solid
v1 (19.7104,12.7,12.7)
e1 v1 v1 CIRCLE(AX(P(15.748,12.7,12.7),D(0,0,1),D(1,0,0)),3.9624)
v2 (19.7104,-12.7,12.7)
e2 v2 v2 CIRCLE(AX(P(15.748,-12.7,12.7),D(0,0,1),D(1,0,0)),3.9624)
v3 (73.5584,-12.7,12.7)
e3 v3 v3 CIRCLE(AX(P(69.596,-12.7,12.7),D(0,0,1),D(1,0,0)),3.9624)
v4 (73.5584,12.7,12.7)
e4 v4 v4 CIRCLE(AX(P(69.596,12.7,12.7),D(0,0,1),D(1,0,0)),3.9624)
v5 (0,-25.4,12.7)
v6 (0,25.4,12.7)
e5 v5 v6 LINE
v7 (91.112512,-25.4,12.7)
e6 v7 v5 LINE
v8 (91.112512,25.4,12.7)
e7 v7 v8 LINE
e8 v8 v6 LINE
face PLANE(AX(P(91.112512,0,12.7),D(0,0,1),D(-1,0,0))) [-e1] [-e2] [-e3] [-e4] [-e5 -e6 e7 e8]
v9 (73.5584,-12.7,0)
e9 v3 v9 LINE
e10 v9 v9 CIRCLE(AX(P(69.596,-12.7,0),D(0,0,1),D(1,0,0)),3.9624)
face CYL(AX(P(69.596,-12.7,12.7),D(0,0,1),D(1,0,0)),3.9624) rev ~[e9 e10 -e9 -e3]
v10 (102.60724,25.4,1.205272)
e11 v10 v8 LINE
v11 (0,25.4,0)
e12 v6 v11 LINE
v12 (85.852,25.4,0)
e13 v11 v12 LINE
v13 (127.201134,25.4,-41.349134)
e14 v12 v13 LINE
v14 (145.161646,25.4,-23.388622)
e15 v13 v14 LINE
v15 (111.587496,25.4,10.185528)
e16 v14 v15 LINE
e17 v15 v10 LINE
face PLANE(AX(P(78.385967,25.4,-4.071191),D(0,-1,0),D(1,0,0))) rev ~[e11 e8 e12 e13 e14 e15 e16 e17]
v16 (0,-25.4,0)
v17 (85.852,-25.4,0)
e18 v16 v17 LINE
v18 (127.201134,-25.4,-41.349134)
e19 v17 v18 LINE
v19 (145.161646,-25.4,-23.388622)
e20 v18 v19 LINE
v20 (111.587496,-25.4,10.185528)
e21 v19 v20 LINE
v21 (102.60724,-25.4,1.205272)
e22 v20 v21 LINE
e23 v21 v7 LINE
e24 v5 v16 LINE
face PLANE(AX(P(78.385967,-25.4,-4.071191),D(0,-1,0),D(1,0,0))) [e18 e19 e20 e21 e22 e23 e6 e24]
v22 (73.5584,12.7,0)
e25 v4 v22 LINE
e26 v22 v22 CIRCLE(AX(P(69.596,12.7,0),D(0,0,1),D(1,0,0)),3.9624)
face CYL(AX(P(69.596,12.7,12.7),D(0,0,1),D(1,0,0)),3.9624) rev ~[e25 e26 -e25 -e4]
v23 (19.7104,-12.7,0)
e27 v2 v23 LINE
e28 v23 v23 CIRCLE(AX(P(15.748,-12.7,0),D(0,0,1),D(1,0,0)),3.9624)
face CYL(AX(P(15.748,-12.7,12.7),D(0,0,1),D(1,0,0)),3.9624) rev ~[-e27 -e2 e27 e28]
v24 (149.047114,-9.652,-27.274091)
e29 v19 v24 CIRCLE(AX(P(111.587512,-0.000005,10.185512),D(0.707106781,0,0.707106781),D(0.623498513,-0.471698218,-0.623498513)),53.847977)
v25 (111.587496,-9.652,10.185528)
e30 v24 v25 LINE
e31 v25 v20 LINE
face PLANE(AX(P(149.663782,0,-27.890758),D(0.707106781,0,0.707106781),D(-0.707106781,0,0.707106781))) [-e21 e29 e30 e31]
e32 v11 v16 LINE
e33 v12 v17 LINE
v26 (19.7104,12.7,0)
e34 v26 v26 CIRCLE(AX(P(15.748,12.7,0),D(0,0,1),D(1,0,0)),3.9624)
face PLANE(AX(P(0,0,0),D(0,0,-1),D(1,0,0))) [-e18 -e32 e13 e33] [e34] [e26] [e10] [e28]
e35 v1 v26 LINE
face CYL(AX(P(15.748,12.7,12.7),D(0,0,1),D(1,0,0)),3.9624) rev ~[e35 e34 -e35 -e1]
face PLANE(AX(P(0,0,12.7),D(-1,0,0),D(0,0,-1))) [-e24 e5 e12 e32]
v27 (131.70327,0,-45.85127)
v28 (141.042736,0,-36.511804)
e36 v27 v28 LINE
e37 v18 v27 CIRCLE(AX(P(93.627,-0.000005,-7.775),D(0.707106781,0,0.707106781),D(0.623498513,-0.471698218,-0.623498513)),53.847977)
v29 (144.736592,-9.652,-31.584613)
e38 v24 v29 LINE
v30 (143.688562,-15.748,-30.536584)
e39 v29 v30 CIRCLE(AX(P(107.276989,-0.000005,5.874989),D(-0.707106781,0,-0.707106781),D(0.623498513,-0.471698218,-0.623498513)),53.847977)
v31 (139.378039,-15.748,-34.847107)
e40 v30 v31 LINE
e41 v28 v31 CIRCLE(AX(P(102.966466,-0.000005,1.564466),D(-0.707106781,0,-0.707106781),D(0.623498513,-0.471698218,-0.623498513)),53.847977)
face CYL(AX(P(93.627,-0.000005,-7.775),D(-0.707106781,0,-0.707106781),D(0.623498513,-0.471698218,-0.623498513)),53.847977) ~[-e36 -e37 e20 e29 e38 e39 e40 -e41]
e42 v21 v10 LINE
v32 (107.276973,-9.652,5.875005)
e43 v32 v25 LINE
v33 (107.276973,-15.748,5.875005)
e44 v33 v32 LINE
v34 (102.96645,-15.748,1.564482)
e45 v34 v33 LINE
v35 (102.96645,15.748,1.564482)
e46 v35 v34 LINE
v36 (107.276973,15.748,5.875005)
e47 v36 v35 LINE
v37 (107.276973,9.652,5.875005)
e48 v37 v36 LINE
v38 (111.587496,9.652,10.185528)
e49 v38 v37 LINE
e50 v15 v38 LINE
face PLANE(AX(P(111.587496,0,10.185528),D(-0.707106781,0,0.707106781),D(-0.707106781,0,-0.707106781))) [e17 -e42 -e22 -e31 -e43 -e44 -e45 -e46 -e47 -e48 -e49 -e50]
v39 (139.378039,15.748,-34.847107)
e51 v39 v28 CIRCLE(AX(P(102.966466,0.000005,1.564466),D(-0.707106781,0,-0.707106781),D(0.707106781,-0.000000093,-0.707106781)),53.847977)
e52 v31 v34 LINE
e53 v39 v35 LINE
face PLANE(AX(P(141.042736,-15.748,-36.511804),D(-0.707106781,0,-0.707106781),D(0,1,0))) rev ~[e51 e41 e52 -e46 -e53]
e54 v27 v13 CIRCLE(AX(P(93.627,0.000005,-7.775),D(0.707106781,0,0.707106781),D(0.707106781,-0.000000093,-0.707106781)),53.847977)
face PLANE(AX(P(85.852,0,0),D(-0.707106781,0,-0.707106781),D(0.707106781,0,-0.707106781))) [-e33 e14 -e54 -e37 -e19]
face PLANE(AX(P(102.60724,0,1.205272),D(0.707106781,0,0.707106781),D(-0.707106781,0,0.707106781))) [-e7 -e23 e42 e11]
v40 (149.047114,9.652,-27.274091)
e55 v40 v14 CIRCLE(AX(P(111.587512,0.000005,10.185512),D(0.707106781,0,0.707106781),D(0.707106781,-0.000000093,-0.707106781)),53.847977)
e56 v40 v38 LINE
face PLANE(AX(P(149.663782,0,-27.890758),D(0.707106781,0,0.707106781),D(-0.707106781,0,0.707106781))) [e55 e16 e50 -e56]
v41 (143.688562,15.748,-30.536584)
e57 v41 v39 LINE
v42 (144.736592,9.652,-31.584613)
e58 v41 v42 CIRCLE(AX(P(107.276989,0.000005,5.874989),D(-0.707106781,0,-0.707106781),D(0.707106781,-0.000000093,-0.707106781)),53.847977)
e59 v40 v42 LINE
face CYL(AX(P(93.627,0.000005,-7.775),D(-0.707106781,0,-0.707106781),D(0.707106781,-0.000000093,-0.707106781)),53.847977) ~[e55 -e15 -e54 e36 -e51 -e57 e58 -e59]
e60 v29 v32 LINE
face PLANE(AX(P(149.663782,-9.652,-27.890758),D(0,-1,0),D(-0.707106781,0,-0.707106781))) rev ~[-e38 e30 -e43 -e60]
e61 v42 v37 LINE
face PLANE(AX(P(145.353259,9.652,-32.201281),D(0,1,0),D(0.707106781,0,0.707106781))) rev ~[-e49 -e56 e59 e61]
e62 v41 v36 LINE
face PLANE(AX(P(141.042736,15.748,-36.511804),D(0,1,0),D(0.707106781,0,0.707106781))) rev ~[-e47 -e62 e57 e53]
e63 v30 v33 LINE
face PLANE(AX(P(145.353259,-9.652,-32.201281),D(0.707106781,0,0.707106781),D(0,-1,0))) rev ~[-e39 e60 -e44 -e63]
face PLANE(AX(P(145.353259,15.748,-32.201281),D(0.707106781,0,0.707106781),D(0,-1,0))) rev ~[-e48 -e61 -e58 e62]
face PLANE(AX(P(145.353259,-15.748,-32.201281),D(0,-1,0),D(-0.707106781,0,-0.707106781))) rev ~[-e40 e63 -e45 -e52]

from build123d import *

# Parameters (mm, degrees)
F1_DEPTH = 25.4
F3_DEPTH = 134.531275
F5_DEPTH = 25.4
F6_R     = 3.9624
F7_DEPTH = 25.4


with BuildPart() as f1:
    # F0 (on Front) → F1 (new body, symmetric)
    with BuildSketch(Plane.XZ):
        Polygon((0, 12.7), (0, 0), (85.852, 0), (131.70327, -45.85127), (149.663782, -27.890758), (111.587496, 10.185528), (102.60724, 1.205272), (91.112512, 12.7), align=None)
    extrude(amount=F1_DEPTH, both=True)

    # F2 (on face) → F3 (cut, through all)
    with BuildSketch(Plane(origin=(88.77727, 0, -88.77727), x_dir=(0, 1, 0), z_dir=(0.707107, 0, -0.707107))):
        Polygon((9.652, 86.106531), (-9.652, 86.106531), (-9.652, 80.010531), (-15.748, 80.010531), (-15.748, 73.914531), (15.748, 73.914531), (15.748, 80.010531), (9.652, 80.010531), align=None)
    extrude(amount=-F3_DEPTH, mode=Mode.SUBTRACT)

    # F4 (on face) → F5 (cut)
    with BuildSketch(Plane(origin=(42.926, 0, 42.926), x_dir=(0.707107, 0, -0.707107), z_dir=(-0.707107, 0, -0.707107))):
        with BuildLine():
            ThreePointArc((119.183037, 25.4), (123.934026, 13.092922), (125.550019, 0))
            Line((125.550019, 0), (125.550019, 25.4))
            Line((125.550019, 25.4), (119.183037, 25.4))
        make_face()
        with BuildLine():
            ThreePointArc((125.550019, 0), (123.934026, -13.092922), (119.183037, -25.4))
            Line((119.183037, -25.4), (125.550019, -25.4))
            Line((125.550019, -25.4), (125.550019, 0))
        make_face()
    extrude(amount=-F5_DEPTH, mode=Mode.SUBTRACT)

    # F6 (on face) → F7 (cut)
    with BuildSketch(Plane.XY.offset(12.7)):
        with Locations((69.596, 12.7)):
            Circle(F6_R)
        with Locations((15.748, 12.7)):
            Circle(F6_R)
        with Locations((15.748, -12.7)):
            Circle(F6_R)
        with Locations((69.596, -12.7)):
            Circle(F6_R)
    extrude(amount=-F7_DEPTH, mode=Mode.SUBTRACT)


solid = f1.part
